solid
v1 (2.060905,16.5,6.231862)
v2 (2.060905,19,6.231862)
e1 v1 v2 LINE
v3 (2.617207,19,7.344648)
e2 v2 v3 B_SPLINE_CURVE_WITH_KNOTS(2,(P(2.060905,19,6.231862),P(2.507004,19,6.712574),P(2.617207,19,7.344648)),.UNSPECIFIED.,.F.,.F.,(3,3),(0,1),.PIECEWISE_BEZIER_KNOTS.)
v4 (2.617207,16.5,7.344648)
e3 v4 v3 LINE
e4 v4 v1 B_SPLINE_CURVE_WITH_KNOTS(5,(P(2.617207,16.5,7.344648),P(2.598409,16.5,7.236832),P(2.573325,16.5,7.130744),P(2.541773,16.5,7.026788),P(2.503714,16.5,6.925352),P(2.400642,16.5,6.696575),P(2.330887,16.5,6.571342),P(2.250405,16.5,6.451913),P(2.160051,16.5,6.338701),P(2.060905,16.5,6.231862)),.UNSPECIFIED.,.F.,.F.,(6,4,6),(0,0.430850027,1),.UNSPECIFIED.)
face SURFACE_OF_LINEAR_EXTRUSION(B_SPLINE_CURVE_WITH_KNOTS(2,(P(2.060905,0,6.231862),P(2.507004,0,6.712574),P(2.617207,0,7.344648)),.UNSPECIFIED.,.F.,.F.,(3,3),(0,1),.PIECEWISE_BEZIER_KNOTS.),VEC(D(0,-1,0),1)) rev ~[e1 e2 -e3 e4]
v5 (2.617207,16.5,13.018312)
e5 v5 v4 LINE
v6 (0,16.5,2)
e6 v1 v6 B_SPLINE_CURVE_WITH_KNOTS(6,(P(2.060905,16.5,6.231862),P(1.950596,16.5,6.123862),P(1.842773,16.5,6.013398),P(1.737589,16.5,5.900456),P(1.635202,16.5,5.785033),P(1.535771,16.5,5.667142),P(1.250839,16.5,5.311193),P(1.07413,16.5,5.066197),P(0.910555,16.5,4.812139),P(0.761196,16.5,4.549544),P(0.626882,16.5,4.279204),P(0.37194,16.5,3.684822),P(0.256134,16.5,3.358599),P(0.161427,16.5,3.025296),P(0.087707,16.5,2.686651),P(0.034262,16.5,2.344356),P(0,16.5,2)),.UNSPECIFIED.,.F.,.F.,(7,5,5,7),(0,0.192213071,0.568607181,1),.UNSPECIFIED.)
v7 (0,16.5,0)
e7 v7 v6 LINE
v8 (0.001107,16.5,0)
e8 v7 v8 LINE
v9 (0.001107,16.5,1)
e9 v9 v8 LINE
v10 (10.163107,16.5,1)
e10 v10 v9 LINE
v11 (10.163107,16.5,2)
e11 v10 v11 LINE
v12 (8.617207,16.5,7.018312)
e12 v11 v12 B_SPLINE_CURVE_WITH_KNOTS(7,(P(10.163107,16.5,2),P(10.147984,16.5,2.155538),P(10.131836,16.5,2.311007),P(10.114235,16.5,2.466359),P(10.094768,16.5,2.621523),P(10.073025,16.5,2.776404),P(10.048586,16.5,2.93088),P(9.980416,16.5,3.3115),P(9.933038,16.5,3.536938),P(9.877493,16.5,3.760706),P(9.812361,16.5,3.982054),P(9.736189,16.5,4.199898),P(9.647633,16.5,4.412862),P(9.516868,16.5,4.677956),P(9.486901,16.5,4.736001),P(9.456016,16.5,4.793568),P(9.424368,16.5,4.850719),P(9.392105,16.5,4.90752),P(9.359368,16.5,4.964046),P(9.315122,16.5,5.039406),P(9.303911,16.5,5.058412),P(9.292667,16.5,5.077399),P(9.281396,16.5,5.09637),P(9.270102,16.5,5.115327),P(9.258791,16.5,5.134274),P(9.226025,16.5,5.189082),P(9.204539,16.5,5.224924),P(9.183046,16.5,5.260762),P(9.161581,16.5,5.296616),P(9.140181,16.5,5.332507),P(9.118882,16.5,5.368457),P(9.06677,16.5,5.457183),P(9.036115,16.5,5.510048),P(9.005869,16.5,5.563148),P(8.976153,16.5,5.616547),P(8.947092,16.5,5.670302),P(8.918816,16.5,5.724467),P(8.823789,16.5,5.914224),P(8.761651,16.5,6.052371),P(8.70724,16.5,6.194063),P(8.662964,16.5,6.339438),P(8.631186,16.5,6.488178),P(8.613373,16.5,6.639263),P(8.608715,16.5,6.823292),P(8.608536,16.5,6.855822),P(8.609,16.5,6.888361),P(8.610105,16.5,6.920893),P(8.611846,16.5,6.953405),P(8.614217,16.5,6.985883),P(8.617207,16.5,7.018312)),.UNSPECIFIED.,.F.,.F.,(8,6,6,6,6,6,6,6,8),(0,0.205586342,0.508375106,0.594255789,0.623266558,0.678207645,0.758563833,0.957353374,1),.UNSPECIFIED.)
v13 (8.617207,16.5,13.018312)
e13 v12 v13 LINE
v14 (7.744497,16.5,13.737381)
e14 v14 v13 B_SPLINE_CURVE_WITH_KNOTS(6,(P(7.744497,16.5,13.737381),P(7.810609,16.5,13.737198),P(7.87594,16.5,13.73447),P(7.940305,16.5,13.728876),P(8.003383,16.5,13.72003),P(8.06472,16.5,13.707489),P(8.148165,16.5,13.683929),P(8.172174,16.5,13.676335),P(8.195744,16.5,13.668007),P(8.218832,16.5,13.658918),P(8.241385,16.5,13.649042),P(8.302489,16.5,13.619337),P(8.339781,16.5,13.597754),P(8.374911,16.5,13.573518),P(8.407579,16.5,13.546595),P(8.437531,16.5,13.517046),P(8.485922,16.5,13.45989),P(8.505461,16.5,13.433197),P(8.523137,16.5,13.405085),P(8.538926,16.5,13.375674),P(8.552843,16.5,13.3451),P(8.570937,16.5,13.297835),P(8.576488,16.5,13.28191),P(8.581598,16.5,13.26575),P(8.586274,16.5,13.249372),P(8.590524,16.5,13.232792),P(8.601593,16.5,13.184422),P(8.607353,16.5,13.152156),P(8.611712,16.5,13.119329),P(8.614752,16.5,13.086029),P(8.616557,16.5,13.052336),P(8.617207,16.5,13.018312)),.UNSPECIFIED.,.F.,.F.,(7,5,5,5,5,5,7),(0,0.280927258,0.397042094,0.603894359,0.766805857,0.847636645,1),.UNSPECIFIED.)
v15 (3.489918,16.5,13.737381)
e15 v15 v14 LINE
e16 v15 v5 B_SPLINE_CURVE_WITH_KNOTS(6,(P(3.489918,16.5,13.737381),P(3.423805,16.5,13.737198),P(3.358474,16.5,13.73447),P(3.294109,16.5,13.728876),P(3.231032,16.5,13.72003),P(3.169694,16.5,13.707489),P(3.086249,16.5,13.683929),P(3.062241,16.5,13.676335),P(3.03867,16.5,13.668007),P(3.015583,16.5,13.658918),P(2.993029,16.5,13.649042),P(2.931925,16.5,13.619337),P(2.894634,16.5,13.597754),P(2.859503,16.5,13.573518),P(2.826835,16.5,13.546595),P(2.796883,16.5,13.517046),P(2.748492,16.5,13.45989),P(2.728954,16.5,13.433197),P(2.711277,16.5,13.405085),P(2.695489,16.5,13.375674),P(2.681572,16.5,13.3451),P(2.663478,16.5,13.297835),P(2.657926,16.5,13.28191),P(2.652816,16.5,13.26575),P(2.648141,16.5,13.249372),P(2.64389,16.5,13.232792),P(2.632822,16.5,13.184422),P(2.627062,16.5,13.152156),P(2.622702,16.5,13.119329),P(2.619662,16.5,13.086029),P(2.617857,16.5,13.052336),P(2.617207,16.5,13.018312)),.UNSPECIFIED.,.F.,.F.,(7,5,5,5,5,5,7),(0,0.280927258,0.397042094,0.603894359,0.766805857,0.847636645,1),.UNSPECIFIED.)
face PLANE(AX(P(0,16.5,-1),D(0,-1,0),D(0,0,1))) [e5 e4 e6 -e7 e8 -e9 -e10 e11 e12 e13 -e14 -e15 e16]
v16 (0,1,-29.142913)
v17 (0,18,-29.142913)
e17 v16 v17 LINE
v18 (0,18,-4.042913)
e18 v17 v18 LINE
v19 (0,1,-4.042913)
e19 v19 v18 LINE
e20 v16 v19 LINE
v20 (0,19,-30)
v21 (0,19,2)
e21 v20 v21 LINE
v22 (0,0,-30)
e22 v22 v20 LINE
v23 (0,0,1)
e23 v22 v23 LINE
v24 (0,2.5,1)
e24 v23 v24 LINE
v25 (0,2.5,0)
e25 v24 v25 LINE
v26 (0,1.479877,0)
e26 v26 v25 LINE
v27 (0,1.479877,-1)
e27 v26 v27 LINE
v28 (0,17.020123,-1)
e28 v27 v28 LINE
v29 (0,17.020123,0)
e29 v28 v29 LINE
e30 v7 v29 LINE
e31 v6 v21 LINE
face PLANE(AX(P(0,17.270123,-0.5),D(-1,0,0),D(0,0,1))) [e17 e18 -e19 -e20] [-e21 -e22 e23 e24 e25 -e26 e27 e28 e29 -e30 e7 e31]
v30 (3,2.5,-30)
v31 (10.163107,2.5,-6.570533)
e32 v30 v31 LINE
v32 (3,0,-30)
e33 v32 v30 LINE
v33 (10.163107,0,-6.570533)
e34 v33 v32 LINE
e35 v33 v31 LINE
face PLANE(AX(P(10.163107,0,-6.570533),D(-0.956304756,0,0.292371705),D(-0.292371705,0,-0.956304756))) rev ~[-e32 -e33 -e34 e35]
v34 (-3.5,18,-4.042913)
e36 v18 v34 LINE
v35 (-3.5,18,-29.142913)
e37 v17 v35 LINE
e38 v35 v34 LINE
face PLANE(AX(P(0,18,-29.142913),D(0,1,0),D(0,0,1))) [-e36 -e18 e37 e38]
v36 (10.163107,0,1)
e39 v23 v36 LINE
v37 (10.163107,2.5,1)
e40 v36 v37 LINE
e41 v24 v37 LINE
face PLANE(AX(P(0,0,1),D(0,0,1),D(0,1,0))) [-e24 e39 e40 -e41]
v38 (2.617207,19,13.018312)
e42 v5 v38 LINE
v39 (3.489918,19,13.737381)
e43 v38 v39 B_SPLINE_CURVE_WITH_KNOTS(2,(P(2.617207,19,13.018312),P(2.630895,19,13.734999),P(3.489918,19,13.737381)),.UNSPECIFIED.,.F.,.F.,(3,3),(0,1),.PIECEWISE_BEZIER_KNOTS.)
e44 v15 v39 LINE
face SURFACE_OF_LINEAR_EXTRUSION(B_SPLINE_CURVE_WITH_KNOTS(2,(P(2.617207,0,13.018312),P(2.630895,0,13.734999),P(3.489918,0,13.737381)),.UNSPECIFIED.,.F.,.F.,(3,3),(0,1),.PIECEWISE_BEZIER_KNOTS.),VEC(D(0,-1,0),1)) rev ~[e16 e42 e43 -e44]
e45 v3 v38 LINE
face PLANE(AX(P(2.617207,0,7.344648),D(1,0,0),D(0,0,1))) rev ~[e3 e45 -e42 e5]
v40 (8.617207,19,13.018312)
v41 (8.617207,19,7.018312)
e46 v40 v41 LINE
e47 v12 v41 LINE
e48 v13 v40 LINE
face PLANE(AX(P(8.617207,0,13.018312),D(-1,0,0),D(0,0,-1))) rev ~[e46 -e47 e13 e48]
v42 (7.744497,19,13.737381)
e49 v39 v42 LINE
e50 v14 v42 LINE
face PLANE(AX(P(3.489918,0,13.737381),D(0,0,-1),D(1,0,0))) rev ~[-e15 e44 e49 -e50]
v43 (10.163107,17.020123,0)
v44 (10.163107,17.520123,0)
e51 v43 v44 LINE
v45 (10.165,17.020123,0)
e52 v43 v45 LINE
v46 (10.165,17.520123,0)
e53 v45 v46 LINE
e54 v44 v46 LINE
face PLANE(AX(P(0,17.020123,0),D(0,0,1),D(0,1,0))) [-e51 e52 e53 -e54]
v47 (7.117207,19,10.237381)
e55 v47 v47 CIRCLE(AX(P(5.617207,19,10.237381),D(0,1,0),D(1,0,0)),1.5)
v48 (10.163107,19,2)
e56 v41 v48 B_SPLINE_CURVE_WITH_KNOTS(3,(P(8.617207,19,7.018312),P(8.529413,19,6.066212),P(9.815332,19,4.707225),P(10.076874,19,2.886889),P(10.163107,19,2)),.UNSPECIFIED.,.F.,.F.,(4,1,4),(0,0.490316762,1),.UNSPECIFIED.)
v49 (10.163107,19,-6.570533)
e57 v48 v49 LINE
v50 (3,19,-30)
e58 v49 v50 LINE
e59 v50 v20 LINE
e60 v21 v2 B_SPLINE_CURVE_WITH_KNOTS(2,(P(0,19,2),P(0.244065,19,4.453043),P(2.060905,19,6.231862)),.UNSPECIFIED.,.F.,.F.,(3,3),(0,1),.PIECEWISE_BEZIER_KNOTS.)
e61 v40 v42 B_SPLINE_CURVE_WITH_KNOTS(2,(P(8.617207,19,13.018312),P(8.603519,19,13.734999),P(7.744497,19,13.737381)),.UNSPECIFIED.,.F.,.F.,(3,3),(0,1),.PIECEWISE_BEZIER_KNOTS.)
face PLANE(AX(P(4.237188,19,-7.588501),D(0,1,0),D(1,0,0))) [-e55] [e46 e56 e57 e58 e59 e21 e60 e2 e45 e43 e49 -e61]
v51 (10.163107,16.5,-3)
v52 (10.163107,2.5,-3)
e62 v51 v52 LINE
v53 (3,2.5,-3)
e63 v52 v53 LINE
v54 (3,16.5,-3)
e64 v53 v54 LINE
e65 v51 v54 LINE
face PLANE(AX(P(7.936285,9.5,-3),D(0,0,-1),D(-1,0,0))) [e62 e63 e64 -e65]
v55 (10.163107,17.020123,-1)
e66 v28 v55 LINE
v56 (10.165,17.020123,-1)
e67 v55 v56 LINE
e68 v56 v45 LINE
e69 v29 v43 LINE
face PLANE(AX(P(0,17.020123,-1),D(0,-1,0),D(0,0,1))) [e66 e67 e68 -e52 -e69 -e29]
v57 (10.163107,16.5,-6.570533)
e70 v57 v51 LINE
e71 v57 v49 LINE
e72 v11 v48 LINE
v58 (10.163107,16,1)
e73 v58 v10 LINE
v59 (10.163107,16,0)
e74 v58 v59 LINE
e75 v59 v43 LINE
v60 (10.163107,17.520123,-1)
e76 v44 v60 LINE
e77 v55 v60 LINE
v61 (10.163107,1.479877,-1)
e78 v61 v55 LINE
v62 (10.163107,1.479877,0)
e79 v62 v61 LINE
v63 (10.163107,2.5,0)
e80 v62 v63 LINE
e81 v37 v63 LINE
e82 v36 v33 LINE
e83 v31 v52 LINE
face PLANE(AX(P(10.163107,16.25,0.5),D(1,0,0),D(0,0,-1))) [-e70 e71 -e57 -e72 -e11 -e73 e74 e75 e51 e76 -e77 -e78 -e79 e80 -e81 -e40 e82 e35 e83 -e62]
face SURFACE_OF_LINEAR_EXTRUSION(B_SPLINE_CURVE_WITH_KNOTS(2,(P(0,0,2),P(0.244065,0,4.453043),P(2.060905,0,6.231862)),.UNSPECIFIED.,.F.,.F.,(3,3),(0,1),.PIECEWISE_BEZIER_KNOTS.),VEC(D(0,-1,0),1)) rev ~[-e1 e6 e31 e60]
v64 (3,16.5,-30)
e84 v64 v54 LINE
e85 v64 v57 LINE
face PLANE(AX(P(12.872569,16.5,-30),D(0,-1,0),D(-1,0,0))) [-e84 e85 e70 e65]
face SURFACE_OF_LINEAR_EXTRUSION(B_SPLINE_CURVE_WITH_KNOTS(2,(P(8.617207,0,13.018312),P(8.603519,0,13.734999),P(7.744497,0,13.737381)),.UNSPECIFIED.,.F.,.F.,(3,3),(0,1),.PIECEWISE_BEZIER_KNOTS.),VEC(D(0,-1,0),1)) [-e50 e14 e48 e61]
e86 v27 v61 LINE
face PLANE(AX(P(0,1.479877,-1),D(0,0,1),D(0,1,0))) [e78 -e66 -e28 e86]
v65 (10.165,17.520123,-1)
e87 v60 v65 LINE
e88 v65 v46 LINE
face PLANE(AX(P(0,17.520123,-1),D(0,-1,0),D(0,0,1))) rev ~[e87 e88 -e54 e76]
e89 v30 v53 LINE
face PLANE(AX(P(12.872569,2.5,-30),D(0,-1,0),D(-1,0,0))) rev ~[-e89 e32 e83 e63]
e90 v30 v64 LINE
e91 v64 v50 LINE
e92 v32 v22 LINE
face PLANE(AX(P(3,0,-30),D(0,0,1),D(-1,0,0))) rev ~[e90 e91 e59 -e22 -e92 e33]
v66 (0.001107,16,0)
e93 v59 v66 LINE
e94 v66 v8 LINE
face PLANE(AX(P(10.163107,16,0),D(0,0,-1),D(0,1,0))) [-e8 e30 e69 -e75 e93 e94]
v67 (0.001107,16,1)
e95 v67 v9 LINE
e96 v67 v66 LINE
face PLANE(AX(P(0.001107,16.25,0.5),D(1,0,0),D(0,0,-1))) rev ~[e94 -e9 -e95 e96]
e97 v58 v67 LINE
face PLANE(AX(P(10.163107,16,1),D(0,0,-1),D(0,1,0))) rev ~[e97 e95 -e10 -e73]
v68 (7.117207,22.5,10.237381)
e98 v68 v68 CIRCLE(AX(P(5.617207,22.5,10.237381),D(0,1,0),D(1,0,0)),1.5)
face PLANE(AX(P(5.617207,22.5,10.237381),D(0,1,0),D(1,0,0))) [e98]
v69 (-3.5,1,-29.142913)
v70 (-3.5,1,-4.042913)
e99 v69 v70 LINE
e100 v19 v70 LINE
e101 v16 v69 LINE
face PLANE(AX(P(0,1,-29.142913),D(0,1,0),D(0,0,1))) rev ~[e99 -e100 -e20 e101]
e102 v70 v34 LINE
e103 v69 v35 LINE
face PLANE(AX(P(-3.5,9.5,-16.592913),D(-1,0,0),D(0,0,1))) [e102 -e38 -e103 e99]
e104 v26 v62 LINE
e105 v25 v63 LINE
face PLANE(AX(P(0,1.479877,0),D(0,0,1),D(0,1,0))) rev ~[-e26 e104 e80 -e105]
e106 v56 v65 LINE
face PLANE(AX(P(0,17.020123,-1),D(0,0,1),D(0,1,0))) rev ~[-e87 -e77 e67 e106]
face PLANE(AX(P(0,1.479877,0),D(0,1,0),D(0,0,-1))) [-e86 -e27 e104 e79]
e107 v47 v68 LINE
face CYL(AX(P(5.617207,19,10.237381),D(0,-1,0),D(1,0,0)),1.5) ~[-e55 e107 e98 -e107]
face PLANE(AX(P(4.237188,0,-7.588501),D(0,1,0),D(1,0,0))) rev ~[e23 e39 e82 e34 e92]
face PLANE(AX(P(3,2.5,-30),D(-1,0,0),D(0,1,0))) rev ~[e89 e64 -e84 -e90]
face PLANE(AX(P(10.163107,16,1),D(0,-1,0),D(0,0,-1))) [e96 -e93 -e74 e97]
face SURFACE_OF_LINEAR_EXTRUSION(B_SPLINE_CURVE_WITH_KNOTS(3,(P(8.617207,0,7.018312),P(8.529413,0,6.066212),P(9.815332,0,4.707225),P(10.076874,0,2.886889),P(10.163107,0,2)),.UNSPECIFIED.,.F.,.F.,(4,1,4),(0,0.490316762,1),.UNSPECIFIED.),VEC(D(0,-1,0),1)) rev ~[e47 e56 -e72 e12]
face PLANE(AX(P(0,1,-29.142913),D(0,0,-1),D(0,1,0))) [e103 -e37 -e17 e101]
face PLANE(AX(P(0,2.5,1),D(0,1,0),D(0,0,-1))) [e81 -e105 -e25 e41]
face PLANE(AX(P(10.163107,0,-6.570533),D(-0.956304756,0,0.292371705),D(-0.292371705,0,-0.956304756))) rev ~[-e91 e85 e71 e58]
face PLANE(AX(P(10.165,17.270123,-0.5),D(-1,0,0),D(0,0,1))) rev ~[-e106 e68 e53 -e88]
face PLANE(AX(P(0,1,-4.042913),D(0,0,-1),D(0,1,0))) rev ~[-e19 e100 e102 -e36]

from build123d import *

# Parameters (mm, degrees)
SALIENTE_EXTRUIR1_DEPTH    = 19
CROQUIS2_W                 = 9.87256946
CROQUIS2_H                 = 14
CORTAR_EXTRUIR1_DEPTH      = 27
CORTAR_EXTRUIR2_DEPTH      = 11.163106866
CORTAR_EXTRUIR2_DEPTH_BACK = 1.0000001
CROQUIS11_W                = 1
CROQUIS11_H                = 1.020123201
CORTAR_EXTRUIR3_DEPTH      = 33
CROQUIS12_R                = 1.5
SALIENTE_EXTRUIR3_DEPTH    = 3.5
CROQUIS13_W                = 25.1
CROQUIS13_H                = 17
SALIENTE_EXTRUIR5_DEPTH    = 3.5
CROQUIS16_W                = 1
CROQUIS16_H                = 0.5
SALIENTE_EXTRUIR8_DEPTH    = 10.162
CROQUIS19_W                = 1
CROQUIS19_H                = 0.5
SALIENTE_EXTRUIR9_DEPTH    = 10.165


with BuildPart() as part:
    # Croquis1 → Saliente-Extruir1 (new body)
    with BuildSketch(Plane(origin=(0, 0, 0), x_dir=(1, 0, 0), z_dir=(0, 1, 0))):
        with BuildLine():
            Line((0, 30), (0, 0))
            Line((0, 0), (0, -2))
            add(Edge.make_bspline(
                [(0, -2), (0.244064913, -4.453043064), (2.060905279, -6.231862145)],
                knots=[0, 0, 0, 1, 1, 1], degree=2))
            add(Edge.make_bspline(
                [(2.060905279, -6.231862145), (2.507004014, -6.712573557), (2.617207224, -7.344647716)],
                knots=[0, 0, 0, 1, 1, 1], degree=2))
            Line((2.617207224, -7.344647716), (2.617207224, -13.018311654))
            add(Edge.make_bspline(
                [(2.617207224, -13.018311654), (2.630895377, -13.73499915), (3.489917654, -13.737380921)],
                knots=[0, 0, 0, 1, 1, 1], degree=2))
            Line((3.489917654, -13.737380921), (7.744496795, -13.737380921))
            add(Edge.make_bspline(
                [(8.617207224, -13.018311654), (8.603519071, -13.73499915), (7.744496795, -13.737380921)],
                knots=[0, 0, 0, 1, 1, 1], degree=2))
            Line((8.617207224, -13.018311654), (8.617207224, -7.018311654))
            add(Edge.make_bspline(
                [(8.617207224, -7.018311654), (8.52941254, -6.066211773), (9.815332332, -4.707225326), (10.076873528, -2.886889338), (10.163106766, -2)],
                knots=[0, 0, 0, 0, 0.490316762, 1, 1, 1, 1], degree=3))
            Line((10.163106766, -2), (10.163106766, 0))
            Line((10.163106766, 0), (10.163106766, 6.570533479))
            Line((10.163106766, 6.570533479), (3, 30))
            Line((3, 30), (0, 30))
        make_face()
    extrude(amount=SALIENTE_EXTRUIR1_DEPTH)

    # Croquis2 → Cortar-Extruir1 (cut)
    with BuildSketch(Plane(origin=(0, 0, -30), x_dir=(-1, 0, 0), z_dir=(0, 0, -1))):
        with Locations((-7.93628473, 9.5)):
            Rectangle(CROQUIS2_W, CROQUIS2_H)
    extrude(amount=-CORTAR_EXTRUIR1_DEPTH, mode=Mode.SUBTRACT)

    # Croquis10 → Cortar-Extruir2 (cut, two sides)
    with BuildSketch(Plane(origin=(0, 0, 0), x_dir=(0, 0, -1), z_dir=(1, 0, 0))) as cortar_extruir2_sk:
        Polygon((1, 2.5), (1, 16.5), (-13.737380921, 16.5), (-13.737380921, 0), (-1, 0), (-1, 2.5), align=None)
    extrude(amount=CORTAR_EXTRUIR2_DEPTH, mode=Mode.SUBTRACT)
    extrude(cortar_extruir2_sk.sketch, amount=-CORTAR_EXTRUIR2_DEPTH_BACK, mode=Mode.SUBTRACT)

    # Croquis11 → Cortar-Extruir3 (cut)
    with BuildSketch(Plane(origin=(0, 0, 0), x_dir=(0, 0, -1), z_dir=(1, 0, 0))):
        with Locations((0.5, 1.9899384)):
            Rectangle(CROQUIS11_W, CROQUIS11_H)
        with Locations((0.5, 17.010061601)):
            Rectangle(CROQUIS11_W, CROQUIS11_H)
    extrude(amount=CORTAR_EXTRUIR3_DEPTH, mode=Mode.SUBTRACT)

    # Croquis12 → Saliente-Extruir3 (add)
    with BuildSketch(Plane(origin=(0, 19, 0), x_dir=(1, 0, 0), z_dir=(0, 1, 0))):
        with Locations((5.617207224, -10.237380921)):
            Circle(CROQUIS12_R)
    extrude(amount=SALIENTE_EXTRUIR3_DEPTH)

    # Croquis13 → Saliente-Extruir5 (add)
    with BuildSketch(Plane.ZY):
        with Locations((-16.592912937, 9.5)):
            Rectangle(CROQUIS13_W, CROQUIS13_H)
    extrude(amount=SALIENTE_EXTRUIR5_DEPTH)

    # Croquis16 → Saliente-Extruir8 (add)
    with BuildSketch(Plane(origin=(10.163106766, 0, 0), x_dir=(0, 0, -1), z_dir=(1, 0, 0))):
        with Locations((-0.5, 16.25)):
            Rectangle(CROQUIS16_W, CROQUIS16_H)
    extrude(amount=-SALIENTE_EXTRUIR8_DEPTH)

    # Croquis19 → Saliente-Extruir9 (add)
    with BuildSketch(Plane.ZY):
        with Locations((-0.5, 17.270123201)):
            Rectangle(CROQUIS19_W, CROQUIS19_H)
    extrude(amount=-SALIENTE_EXTRUIR9_DEPTH)


solid = part.part
